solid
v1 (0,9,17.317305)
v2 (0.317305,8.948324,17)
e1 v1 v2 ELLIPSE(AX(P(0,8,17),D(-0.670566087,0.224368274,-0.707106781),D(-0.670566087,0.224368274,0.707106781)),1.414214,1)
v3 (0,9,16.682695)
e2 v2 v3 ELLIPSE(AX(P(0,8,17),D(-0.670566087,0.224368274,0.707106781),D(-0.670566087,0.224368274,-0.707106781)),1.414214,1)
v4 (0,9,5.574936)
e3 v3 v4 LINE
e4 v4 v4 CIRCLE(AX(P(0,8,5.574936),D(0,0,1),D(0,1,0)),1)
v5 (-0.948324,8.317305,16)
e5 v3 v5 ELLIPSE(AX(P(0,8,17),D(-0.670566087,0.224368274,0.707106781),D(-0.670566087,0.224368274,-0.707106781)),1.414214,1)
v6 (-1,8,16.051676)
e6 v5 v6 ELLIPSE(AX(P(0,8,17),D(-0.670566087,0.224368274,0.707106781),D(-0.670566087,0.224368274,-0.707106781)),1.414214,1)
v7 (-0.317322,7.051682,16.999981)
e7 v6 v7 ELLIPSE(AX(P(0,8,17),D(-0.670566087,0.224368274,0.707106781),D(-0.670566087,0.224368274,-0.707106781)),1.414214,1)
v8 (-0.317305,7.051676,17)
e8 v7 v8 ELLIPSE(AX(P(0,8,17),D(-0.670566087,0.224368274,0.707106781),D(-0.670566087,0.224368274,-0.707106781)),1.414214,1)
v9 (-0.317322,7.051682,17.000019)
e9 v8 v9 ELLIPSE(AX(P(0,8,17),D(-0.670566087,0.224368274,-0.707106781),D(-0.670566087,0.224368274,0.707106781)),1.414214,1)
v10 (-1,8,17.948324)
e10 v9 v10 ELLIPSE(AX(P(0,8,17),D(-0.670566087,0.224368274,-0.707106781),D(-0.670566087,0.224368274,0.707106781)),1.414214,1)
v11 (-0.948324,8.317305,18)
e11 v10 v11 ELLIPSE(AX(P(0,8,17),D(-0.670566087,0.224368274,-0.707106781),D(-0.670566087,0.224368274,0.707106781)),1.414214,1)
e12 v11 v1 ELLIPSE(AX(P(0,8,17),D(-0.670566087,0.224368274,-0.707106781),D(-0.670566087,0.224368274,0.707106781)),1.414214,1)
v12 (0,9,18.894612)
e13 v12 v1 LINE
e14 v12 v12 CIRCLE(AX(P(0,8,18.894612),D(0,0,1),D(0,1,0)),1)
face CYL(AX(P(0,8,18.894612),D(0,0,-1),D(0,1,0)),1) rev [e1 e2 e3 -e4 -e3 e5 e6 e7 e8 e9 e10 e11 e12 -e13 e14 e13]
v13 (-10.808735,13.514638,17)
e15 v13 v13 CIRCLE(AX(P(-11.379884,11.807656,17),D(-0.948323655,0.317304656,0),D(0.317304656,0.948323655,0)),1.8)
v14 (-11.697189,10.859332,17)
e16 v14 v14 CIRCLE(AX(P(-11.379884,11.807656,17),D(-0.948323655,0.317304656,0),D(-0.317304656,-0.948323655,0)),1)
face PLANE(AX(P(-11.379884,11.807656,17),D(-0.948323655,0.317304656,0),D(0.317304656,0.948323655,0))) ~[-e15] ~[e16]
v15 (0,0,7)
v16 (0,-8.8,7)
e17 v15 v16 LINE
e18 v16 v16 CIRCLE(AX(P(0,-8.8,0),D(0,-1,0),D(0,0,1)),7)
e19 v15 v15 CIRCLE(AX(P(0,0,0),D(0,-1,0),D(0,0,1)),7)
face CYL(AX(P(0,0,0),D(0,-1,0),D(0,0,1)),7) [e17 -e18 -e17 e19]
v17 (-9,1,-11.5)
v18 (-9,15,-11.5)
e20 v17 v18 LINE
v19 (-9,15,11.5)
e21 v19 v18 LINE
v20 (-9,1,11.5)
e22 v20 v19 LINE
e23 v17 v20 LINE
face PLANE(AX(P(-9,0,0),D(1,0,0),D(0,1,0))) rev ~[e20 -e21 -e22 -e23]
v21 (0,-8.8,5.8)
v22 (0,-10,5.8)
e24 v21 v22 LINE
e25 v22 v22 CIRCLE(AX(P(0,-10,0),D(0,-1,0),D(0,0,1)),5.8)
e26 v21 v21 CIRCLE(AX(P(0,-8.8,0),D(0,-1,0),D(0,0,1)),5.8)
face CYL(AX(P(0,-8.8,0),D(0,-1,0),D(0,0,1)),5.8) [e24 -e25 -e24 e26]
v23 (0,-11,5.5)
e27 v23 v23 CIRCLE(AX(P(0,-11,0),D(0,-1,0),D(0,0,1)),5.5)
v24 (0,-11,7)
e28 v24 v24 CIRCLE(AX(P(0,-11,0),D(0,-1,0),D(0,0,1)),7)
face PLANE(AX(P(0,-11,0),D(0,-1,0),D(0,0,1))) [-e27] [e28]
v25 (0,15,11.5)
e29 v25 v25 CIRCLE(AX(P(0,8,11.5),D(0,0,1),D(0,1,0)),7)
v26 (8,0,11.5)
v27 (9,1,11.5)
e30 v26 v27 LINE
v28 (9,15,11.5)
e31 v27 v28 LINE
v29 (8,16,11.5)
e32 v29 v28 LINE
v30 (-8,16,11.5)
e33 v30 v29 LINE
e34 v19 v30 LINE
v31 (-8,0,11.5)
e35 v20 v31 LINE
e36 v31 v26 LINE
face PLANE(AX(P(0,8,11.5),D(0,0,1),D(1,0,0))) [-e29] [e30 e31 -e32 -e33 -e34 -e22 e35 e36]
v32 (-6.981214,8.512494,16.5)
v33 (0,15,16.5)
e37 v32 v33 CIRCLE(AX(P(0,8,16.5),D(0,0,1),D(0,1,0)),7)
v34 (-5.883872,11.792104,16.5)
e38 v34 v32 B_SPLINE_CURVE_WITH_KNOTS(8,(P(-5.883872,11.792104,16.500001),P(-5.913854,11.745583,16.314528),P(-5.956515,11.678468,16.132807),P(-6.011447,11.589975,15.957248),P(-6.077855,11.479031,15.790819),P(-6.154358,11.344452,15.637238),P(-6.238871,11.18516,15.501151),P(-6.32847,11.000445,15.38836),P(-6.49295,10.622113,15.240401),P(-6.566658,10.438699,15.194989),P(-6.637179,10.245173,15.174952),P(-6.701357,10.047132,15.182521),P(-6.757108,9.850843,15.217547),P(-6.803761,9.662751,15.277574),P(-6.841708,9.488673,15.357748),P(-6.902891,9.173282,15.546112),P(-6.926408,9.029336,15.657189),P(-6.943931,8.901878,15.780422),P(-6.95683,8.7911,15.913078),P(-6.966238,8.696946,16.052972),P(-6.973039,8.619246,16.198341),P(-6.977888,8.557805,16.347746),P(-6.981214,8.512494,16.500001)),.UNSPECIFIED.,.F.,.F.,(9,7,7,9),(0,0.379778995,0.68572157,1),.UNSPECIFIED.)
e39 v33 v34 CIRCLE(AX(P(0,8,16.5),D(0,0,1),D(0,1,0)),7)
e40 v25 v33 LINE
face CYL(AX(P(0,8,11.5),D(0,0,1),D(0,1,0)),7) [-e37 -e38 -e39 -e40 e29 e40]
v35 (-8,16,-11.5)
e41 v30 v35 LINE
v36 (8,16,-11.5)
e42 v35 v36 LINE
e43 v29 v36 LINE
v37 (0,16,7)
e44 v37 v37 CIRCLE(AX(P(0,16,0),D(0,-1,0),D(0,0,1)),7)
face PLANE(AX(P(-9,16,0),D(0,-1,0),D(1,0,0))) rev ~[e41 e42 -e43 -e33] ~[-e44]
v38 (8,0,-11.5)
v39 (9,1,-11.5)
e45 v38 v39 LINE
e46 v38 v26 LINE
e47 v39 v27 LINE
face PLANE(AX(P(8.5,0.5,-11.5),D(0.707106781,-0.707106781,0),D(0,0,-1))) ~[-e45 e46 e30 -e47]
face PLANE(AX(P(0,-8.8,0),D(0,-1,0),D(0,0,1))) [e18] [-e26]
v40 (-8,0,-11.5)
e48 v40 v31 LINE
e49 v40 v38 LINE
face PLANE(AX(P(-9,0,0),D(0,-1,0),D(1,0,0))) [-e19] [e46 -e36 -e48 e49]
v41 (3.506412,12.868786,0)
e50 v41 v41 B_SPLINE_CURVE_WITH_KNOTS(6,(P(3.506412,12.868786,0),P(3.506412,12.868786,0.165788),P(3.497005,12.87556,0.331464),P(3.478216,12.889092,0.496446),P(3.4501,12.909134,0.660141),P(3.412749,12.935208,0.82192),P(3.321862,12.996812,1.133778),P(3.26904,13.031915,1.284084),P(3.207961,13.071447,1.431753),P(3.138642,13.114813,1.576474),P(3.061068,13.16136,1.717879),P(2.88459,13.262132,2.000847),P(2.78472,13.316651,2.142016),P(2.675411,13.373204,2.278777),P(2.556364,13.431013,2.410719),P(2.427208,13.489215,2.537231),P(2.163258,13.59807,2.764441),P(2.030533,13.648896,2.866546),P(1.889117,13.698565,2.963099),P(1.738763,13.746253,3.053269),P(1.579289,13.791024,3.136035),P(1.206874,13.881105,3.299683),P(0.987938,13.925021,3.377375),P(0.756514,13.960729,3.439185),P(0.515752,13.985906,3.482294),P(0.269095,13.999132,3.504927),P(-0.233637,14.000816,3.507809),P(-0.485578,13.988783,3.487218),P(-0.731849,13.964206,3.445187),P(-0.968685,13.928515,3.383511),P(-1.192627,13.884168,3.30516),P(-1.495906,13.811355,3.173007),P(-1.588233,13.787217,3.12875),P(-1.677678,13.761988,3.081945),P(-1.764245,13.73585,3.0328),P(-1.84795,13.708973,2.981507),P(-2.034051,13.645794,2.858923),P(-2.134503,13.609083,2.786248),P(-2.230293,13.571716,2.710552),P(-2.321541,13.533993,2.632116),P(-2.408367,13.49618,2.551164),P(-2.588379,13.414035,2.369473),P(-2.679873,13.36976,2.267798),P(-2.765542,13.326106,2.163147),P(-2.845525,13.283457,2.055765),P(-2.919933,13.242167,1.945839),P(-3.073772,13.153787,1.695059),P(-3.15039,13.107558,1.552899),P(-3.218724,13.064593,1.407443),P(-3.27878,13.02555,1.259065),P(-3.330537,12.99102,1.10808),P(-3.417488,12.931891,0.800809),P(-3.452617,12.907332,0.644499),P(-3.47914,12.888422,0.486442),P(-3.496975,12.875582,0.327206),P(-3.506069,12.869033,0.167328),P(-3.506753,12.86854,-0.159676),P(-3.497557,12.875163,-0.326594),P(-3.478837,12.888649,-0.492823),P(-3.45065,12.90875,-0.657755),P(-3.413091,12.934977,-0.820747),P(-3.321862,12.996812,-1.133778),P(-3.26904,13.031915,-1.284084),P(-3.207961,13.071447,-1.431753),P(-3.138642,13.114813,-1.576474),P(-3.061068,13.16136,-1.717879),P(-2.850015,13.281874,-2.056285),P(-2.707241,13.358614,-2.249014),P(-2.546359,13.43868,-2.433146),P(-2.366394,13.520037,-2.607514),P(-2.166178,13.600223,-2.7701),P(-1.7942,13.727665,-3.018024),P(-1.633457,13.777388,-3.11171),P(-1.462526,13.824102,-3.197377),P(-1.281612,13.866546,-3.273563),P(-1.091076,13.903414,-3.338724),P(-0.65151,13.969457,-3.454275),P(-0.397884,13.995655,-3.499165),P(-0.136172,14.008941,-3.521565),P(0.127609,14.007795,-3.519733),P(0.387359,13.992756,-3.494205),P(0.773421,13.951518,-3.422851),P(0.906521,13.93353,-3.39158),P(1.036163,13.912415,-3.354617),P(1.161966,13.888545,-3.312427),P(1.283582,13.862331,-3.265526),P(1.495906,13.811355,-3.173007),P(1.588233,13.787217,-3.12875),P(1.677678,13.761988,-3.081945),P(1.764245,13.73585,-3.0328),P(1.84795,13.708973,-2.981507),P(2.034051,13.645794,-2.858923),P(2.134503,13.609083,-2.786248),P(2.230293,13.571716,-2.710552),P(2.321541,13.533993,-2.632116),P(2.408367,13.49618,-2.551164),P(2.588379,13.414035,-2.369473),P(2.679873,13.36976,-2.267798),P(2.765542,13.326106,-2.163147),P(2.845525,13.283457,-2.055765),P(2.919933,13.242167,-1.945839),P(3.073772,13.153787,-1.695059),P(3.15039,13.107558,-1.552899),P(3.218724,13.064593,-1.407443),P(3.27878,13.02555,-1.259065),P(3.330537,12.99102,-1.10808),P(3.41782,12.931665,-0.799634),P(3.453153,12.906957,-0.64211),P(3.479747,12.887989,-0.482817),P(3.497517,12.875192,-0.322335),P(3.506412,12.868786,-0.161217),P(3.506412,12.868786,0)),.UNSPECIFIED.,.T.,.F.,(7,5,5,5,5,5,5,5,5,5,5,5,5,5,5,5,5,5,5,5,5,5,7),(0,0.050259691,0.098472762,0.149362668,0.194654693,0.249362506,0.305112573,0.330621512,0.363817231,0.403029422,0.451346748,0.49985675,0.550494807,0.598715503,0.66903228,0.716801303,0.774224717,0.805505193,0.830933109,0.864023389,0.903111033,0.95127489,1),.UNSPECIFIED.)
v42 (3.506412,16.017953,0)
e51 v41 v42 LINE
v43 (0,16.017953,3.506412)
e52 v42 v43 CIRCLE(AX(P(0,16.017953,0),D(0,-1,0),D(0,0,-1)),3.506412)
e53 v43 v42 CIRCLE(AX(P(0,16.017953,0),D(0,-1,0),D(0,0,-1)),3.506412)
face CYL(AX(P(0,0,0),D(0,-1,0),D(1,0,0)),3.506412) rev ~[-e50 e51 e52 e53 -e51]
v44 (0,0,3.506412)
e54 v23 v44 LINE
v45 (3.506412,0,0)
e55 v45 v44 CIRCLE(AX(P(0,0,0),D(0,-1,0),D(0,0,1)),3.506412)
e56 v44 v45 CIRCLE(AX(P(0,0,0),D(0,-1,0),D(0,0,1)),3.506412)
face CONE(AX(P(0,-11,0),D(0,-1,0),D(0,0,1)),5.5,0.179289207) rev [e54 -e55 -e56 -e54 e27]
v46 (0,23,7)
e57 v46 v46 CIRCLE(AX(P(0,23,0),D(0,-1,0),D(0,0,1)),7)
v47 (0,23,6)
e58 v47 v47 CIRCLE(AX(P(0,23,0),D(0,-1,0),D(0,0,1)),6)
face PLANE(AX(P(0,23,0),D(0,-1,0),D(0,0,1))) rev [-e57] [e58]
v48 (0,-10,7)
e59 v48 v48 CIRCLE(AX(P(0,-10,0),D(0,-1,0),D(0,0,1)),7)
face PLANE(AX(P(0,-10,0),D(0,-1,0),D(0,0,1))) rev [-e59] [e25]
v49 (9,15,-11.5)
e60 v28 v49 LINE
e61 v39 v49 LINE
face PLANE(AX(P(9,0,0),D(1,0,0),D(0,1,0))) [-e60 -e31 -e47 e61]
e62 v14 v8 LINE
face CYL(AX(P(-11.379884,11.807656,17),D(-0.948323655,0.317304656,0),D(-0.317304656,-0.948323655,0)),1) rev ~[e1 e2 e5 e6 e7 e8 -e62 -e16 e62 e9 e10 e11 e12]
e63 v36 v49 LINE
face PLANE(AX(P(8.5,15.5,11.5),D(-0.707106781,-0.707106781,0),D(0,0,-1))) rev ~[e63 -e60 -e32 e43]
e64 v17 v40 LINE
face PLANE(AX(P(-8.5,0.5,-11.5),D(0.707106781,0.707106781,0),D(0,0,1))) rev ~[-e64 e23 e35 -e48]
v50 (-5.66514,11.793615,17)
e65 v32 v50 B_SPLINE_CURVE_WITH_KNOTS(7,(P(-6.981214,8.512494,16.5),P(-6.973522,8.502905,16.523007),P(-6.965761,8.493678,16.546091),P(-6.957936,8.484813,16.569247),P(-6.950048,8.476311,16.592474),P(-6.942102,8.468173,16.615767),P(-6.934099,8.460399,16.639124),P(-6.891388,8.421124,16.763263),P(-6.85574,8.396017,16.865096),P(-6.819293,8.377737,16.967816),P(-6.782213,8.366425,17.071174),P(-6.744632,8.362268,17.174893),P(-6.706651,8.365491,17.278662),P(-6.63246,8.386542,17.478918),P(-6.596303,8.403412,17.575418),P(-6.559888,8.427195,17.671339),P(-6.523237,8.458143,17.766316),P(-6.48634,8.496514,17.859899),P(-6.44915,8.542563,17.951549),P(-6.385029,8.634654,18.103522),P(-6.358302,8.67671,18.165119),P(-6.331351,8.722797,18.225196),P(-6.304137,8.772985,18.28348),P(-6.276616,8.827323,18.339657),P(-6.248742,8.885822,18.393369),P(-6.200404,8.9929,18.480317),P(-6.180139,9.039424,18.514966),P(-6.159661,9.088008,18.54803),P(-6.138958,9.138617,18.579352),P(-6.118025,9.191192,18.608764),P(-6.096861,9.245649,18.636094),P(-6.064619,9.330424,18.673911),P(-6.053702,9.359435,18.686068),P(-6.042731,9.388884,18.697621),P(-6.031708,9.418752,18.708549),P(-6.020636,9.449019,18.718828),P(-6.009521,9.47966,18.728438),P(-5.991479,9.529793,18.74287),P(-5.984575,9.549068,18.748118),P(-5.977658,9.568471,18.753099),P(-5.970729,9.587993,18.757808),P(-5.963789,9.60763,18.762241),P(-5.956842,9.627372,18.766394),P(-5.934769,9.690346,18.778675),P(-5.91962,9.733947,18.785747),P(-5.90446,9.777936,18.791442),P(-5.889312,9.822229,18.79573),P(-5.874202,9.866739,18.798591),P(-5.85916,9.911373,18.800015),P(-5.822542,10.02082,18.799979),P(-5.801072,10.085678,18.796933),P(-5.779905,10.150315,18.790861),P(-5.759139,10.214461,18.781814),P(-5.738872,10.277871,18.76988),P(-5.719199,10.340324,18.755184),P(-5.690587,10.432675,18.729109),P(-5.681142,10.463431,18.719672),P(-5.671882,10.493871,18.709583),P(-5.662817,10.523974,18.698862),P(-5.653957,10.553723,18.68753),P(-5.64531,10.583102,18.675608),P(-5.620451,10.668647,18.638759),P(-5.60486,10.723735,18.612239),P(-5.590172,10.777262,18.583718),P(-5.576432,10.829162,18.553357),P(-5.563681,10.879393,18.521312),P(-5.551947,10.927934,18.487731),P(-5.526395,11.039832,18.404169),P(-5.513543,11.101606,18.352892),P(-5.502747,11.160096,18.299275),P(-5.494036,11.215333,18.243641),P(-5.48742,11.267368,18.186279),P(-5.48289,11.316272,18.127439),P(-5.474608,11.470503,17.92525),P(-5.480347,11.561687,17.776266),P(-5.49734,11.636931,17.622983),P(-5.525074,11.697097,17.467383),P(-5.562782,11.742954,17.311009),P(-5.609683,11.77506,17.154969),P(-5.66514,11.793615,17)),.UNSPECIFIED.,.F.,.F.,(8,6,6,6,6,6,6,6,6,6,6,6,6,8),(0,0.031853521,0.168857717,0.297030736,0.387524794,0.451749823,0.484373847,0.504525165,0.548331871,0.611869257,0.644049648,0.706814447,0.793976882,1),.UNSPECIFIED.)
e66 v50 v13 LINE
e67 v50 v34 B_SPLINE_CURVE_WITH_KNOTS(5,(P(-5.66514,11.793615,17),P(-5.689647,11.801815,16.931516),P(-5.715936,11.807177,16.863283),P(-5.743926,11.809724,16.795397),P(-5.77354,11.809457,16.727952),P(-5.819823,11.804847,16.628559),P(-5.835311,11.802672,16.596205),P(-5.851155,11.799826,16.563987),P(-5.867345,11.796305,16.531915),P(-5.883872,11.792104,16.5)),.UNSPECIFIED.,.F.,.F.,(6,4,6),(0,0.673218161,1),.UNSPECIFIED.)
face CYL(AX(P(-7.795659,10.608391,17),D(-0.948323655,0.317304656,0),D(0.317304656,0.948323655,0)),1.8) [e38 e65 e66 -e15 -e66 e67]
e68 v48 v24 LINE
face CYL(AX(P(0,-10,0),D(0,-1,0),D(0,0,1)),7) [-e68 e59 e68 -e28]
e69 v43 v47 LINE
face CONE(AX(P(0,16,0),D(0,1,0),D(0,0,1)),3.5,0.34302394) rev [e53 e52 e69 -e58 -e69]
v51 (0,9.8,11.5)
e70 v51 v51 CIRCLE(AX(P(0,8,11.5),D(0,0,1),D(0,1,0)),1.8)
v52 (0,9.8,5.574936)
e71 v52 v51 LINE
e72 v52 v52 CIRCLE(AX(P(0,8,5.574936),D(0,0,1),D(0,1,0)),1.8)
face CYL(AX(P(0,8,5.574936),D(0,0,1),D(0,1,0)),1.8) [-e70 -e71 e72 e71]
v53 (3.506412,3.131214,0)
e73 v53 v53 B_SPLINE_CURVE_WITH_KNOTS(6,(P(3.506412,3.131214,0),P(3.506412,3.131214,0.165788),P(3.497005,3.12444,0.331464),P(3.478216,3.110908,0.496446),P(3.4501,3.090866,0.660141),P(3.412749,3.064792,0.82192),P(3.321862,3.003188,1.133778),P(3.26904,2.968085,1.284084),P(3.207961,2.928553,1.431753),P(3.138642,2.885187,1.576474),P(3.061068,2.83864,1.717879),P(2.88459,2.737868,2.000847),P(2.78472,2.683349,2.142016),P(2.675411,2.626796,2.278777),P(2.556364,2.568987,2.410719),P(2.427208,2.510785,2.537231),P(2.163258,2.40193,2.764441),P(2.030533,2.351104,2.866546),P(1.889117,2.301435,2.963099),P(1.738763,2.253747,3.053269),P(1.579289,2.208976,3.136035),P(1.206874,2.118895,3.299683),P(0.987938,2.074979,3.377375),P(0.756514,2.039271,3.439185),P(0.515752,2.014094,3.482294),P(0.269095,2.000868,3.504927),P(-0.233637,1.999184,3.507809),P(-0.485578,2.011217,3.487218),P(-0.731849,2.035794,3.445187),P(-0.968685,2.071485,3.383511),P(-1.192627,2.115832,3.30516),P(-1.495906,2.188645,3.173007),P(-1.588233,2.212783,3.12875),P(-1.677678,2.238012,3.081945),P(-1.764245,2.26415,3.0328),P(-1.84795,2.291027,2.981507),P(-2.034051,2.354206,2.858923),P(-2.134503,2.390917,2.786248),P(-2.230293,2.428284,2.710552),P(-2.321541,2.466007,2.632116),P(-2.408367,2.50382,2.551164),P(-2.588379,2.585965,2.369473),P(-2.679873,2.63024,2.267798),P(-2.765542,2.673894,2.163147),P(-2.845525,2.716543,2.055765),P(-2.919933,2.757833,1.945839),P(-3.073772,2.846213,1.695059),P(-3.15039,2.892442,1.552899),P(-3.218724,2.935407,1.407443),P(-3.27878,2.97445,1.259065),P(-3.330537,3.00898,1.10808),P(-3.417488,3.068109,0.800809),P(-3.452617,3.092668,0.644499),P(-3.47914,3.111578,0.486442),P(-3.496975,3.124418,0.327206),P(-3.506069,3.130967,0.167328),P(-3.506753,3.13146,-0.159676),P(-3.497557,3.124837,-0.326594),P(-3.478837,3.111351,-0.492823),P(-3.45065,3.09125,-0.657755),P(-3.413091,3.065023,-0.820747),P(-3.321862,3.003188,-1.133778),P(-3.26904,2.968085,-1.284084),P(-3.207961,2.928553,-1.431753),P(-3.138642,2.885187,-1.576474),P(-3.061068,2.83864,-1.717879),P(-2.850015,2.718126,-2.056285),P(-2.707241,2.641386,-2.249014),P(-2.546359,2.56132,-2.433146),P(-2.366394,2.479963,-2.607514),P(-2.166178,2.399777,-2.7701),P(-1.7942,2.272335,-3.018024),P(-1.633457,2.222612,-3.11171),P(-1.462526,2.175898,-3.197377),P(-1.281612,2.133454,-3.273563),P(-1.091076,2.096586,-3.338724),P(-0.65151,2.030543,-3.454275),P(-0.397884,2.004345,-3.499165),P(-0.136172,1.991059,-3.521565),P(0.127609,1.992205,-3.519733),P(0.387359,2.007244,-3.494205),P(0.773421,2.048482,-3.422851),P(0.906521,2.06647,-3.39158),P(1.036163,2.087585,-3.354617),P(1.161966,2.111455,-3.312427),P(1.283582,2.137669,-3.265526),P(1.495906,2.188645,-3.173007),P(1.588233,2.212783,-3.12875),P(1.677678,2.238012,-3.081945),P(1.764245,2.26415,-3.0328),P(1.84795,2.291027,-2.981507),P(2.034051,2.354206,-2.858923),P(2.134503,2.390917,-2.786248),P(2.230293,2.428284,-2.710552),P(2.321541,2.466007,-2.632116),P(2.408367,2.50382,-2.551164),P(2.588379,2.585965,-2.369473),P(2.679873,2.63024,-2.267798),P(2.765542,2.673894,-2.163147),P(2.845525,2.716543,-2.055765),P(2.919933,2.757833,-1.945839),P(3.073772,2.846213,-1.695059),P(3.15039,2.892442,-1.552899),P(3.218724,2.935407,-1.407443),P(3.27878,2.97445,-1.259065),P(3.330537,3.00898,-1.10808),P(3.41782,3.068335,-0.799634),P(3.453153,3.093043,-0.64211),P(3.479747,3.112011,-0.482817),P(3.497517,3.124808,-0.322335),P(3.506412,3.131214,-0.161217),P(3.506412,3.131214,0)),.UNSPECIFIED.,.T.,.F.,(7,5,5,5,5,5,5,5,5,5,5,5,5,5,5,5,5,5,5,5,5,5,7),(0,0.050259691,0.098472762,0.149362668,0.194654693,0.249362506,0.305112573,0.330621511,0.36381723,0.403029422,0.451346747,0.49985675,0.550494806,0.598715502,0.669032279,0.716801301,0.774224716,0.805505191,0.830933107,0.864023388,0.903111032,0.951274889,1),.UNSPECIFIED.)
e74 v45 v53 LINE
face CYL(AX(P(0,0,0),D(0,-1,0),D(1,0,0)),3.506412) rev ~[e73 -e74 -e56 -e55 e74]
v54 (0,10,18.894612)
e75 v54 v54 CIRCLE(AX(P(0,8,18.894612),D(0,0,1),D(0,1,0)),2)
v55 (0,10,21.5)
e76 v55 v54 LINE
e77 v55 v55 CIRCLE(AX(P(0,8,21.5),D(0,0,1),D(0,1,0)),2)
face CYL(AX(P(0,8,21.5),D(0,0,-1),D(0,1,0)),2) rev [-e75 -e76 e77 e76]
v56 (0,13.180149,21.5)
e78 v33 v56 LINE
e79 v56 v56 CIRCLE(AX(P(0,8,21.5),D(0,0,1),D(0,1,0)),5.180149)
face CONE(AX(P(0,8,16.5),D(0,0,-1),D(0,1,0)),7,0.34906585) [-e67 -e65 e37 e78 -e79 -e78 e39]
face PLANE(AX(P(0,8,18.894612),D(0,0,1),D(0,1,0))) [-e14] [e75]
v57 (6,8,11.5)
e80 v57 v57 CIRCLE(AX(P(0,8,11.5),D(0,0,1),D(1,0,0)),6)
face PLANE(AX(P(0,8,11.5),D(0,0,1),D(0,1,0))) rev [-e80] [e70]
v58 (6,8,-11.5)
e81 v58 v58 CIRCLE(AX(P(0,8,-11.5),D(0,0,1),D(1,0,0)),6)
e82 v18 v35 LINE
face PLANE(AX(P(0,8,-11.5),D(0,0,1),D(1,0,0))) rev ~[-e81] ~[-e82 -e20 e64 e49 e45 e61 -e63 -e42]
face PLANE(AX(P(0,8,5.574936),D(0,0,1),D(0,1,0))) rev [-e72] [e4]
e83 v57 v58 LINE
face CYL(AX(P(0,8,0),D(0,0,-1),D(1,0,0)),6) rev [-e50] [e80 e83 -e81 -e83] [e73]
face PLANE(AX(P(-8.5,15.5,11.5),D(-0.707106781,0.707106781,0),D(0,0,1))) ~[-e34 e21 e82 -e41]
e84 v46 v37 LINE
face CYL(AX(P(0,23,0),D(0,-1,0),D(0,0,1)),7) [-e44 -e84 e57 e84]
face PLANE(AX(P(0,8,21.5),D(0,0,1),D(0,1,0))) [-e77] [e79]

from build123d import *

# Parameters (mm, degrees)
ESQUISSE1_W                  = 18
ESQUISSE1_H                  = 16
ESQUISSE1_R                  = 6
BASE_EXTRUSION_DEPTH         = 11.5
ESQUISSE6_R                  = 3.506411758
ENL_V_MAT_EXTRU_1_DEPTH      = 28.244265452
CHANFREIN1_SIZE              = 1
ESQUISSE9_W                  = 7.559075372
ESQUISSE9_H                  = 1.8
ENL_V_MAT_EXTRU_2_REACH      = 38.326
ENL_V_MAT_EXTRU_2_END_RADIUS = 1
ESQUISSE10_R                 = 1


with BuildPart() as part:
    # Esquisse1 → Base-Extrusion (new, symmetric)
    with BuildSketch(Plane.XY):
        with Locations((0, 8)):
            Rectangle(ESQUISSE1_W, ESQUISSE1_H)
        with Locations((0, 8)):
            Circle(ESQUISSE1_R, mode=Mode.SUBTRACT)
    extrude(amount=BASE_EXTRUSION_DEPTH, both=True)

    # Esquisse5 → Boss.-Révol.1 (revolve)
    with BuildSketch(Plane(origin=(0, 0, 0), x_dir=(0, 0, -1), z_dir=(1, 0, 0)), mode=Mode.PRIVATE) as boss_r_vol_1_sk:
        Polygon((7, -10), (7, -11), (5.5, -11), (3.506411758, 0), (7, 0), (7, -8.8), (5.8, -8.8), (5.8, -10), align=None)
        Polygon((7, 16), (3.5, 16), (6, 23), (7, 23), align=None)
    revolve(boss_r_vol_1_sk.sketch.rotate(Axis((0, 26.536034952, 0), (0, -1, 0)), 180), axis=Axis((0, 26.536034952, 0), (0, -1, 0)))

    # Esquisse6 → Enlèv. mat.-Extru.1 (cut, through all)
    with BuildSketch(Plane.XZ):
        Circle(ESQUISSE6_R)
    extrude(amount=-ENL_V_MAT_EXTRU_1_DEPTH, mode=Mode.SUBTRACT)

    # Esquisse8 → Boss.-Révol.2 (revolve)
    with BuildSketch(Plane(origin=(0, 0, 0), x_dir=(0, 0, -1), z_dir=(1, 0, 0))):
        Polygon((-11.5, 15), (-16.5, 15), (-21.5, 13.180148829), (-21.5, 10), (-18.894611613, 10), (-18.894611613, 9), (-5.574935919, 9), (-5.574935919, 9.8), (-11.5, 9.8), align=None)
    revolve(axis=Axis((0, 8, 5.789251087), (0, 0, 1)))

    # Chanfrein1
    chanfrein1_edges = [part.edges().sort_by_distance(p)[0] for p in [
        (9, 16, 0),
        (9, 0, 0),
        (-9, 0, 0),
        (-9, 16, 0),
    ]]
    chamfer(chanfrein1_edges, length=CHANFREIN1_SIZE)

    # Esquisse9 → Boss.-Révol.3 (revolve)
    with BuildSketch(Plane(origin=(2.407260093, 7.19454204, 0), x_dir=(-0.9483236552062002, 0.31730465640508954, 0), z_dir=(0.31730465640508954, 0.9483236552062002, 0)), mode=Mode.PRIVATE) as boss_r_vol_3_sk:
        with Locations((10.758899565, 17.9)):
            Rectangle(ESQUISSE9_W, ESQUISSE9_H)
    revolve(boss_r_vol_3_sk.sketch.rotate(Axis((0, 8, 17), (-0.9483236552062002, 0.3173046564050896, 0)), 90), axis=Axis((0, 8, 17), (-0.9483236552062002, 0.3173046564050896, 0)))

    # Enlèv. mat.-Extru.2: up to this cylinder (the profile starts outside it)
    enl_v_mat_extru_2_end = Plane(origin=(0, 8, 17), z_dir=(0, 0, -1)) * Cylinder(ENL_V_MAT_EXTRU_2_END_RADIUS, 79.652, mode=Mode.PRIVATE)
    # Esquisse10 → Enlèv. mat.-Extru.2 (cut, up to the surface)
    with BuildSketch(Plane(origin=(-13.787143955, 4.613113837, 0), x_dir=(0, 0, 1), z_dir=(-0.9483236552062002, 0.31730465640508954, 0)), mode=Mode.PRIVATE) as enl_v_mat_extru_2_sk1:
        with Locations(Location((17, 7.586589242, 0), (0, 0, 270))):
            Circle(ESQUISSE10_R)
    enl_v_mat_extru_2_tool1 = extrude(enl_v_mat_extru_2_sk1.sketch, amount=-ENL_V_MAT_EXTRU_2_REACH, mode=Mode.PRIVATE) - enl_v_mat_extru_2_end
    add(enl_v_mat_extru_2_tool1.solids().sort_by_distance((-11.379884, 11.807656, 17))[0], mode=Mode.SUBTRACT)


solid = part.part
